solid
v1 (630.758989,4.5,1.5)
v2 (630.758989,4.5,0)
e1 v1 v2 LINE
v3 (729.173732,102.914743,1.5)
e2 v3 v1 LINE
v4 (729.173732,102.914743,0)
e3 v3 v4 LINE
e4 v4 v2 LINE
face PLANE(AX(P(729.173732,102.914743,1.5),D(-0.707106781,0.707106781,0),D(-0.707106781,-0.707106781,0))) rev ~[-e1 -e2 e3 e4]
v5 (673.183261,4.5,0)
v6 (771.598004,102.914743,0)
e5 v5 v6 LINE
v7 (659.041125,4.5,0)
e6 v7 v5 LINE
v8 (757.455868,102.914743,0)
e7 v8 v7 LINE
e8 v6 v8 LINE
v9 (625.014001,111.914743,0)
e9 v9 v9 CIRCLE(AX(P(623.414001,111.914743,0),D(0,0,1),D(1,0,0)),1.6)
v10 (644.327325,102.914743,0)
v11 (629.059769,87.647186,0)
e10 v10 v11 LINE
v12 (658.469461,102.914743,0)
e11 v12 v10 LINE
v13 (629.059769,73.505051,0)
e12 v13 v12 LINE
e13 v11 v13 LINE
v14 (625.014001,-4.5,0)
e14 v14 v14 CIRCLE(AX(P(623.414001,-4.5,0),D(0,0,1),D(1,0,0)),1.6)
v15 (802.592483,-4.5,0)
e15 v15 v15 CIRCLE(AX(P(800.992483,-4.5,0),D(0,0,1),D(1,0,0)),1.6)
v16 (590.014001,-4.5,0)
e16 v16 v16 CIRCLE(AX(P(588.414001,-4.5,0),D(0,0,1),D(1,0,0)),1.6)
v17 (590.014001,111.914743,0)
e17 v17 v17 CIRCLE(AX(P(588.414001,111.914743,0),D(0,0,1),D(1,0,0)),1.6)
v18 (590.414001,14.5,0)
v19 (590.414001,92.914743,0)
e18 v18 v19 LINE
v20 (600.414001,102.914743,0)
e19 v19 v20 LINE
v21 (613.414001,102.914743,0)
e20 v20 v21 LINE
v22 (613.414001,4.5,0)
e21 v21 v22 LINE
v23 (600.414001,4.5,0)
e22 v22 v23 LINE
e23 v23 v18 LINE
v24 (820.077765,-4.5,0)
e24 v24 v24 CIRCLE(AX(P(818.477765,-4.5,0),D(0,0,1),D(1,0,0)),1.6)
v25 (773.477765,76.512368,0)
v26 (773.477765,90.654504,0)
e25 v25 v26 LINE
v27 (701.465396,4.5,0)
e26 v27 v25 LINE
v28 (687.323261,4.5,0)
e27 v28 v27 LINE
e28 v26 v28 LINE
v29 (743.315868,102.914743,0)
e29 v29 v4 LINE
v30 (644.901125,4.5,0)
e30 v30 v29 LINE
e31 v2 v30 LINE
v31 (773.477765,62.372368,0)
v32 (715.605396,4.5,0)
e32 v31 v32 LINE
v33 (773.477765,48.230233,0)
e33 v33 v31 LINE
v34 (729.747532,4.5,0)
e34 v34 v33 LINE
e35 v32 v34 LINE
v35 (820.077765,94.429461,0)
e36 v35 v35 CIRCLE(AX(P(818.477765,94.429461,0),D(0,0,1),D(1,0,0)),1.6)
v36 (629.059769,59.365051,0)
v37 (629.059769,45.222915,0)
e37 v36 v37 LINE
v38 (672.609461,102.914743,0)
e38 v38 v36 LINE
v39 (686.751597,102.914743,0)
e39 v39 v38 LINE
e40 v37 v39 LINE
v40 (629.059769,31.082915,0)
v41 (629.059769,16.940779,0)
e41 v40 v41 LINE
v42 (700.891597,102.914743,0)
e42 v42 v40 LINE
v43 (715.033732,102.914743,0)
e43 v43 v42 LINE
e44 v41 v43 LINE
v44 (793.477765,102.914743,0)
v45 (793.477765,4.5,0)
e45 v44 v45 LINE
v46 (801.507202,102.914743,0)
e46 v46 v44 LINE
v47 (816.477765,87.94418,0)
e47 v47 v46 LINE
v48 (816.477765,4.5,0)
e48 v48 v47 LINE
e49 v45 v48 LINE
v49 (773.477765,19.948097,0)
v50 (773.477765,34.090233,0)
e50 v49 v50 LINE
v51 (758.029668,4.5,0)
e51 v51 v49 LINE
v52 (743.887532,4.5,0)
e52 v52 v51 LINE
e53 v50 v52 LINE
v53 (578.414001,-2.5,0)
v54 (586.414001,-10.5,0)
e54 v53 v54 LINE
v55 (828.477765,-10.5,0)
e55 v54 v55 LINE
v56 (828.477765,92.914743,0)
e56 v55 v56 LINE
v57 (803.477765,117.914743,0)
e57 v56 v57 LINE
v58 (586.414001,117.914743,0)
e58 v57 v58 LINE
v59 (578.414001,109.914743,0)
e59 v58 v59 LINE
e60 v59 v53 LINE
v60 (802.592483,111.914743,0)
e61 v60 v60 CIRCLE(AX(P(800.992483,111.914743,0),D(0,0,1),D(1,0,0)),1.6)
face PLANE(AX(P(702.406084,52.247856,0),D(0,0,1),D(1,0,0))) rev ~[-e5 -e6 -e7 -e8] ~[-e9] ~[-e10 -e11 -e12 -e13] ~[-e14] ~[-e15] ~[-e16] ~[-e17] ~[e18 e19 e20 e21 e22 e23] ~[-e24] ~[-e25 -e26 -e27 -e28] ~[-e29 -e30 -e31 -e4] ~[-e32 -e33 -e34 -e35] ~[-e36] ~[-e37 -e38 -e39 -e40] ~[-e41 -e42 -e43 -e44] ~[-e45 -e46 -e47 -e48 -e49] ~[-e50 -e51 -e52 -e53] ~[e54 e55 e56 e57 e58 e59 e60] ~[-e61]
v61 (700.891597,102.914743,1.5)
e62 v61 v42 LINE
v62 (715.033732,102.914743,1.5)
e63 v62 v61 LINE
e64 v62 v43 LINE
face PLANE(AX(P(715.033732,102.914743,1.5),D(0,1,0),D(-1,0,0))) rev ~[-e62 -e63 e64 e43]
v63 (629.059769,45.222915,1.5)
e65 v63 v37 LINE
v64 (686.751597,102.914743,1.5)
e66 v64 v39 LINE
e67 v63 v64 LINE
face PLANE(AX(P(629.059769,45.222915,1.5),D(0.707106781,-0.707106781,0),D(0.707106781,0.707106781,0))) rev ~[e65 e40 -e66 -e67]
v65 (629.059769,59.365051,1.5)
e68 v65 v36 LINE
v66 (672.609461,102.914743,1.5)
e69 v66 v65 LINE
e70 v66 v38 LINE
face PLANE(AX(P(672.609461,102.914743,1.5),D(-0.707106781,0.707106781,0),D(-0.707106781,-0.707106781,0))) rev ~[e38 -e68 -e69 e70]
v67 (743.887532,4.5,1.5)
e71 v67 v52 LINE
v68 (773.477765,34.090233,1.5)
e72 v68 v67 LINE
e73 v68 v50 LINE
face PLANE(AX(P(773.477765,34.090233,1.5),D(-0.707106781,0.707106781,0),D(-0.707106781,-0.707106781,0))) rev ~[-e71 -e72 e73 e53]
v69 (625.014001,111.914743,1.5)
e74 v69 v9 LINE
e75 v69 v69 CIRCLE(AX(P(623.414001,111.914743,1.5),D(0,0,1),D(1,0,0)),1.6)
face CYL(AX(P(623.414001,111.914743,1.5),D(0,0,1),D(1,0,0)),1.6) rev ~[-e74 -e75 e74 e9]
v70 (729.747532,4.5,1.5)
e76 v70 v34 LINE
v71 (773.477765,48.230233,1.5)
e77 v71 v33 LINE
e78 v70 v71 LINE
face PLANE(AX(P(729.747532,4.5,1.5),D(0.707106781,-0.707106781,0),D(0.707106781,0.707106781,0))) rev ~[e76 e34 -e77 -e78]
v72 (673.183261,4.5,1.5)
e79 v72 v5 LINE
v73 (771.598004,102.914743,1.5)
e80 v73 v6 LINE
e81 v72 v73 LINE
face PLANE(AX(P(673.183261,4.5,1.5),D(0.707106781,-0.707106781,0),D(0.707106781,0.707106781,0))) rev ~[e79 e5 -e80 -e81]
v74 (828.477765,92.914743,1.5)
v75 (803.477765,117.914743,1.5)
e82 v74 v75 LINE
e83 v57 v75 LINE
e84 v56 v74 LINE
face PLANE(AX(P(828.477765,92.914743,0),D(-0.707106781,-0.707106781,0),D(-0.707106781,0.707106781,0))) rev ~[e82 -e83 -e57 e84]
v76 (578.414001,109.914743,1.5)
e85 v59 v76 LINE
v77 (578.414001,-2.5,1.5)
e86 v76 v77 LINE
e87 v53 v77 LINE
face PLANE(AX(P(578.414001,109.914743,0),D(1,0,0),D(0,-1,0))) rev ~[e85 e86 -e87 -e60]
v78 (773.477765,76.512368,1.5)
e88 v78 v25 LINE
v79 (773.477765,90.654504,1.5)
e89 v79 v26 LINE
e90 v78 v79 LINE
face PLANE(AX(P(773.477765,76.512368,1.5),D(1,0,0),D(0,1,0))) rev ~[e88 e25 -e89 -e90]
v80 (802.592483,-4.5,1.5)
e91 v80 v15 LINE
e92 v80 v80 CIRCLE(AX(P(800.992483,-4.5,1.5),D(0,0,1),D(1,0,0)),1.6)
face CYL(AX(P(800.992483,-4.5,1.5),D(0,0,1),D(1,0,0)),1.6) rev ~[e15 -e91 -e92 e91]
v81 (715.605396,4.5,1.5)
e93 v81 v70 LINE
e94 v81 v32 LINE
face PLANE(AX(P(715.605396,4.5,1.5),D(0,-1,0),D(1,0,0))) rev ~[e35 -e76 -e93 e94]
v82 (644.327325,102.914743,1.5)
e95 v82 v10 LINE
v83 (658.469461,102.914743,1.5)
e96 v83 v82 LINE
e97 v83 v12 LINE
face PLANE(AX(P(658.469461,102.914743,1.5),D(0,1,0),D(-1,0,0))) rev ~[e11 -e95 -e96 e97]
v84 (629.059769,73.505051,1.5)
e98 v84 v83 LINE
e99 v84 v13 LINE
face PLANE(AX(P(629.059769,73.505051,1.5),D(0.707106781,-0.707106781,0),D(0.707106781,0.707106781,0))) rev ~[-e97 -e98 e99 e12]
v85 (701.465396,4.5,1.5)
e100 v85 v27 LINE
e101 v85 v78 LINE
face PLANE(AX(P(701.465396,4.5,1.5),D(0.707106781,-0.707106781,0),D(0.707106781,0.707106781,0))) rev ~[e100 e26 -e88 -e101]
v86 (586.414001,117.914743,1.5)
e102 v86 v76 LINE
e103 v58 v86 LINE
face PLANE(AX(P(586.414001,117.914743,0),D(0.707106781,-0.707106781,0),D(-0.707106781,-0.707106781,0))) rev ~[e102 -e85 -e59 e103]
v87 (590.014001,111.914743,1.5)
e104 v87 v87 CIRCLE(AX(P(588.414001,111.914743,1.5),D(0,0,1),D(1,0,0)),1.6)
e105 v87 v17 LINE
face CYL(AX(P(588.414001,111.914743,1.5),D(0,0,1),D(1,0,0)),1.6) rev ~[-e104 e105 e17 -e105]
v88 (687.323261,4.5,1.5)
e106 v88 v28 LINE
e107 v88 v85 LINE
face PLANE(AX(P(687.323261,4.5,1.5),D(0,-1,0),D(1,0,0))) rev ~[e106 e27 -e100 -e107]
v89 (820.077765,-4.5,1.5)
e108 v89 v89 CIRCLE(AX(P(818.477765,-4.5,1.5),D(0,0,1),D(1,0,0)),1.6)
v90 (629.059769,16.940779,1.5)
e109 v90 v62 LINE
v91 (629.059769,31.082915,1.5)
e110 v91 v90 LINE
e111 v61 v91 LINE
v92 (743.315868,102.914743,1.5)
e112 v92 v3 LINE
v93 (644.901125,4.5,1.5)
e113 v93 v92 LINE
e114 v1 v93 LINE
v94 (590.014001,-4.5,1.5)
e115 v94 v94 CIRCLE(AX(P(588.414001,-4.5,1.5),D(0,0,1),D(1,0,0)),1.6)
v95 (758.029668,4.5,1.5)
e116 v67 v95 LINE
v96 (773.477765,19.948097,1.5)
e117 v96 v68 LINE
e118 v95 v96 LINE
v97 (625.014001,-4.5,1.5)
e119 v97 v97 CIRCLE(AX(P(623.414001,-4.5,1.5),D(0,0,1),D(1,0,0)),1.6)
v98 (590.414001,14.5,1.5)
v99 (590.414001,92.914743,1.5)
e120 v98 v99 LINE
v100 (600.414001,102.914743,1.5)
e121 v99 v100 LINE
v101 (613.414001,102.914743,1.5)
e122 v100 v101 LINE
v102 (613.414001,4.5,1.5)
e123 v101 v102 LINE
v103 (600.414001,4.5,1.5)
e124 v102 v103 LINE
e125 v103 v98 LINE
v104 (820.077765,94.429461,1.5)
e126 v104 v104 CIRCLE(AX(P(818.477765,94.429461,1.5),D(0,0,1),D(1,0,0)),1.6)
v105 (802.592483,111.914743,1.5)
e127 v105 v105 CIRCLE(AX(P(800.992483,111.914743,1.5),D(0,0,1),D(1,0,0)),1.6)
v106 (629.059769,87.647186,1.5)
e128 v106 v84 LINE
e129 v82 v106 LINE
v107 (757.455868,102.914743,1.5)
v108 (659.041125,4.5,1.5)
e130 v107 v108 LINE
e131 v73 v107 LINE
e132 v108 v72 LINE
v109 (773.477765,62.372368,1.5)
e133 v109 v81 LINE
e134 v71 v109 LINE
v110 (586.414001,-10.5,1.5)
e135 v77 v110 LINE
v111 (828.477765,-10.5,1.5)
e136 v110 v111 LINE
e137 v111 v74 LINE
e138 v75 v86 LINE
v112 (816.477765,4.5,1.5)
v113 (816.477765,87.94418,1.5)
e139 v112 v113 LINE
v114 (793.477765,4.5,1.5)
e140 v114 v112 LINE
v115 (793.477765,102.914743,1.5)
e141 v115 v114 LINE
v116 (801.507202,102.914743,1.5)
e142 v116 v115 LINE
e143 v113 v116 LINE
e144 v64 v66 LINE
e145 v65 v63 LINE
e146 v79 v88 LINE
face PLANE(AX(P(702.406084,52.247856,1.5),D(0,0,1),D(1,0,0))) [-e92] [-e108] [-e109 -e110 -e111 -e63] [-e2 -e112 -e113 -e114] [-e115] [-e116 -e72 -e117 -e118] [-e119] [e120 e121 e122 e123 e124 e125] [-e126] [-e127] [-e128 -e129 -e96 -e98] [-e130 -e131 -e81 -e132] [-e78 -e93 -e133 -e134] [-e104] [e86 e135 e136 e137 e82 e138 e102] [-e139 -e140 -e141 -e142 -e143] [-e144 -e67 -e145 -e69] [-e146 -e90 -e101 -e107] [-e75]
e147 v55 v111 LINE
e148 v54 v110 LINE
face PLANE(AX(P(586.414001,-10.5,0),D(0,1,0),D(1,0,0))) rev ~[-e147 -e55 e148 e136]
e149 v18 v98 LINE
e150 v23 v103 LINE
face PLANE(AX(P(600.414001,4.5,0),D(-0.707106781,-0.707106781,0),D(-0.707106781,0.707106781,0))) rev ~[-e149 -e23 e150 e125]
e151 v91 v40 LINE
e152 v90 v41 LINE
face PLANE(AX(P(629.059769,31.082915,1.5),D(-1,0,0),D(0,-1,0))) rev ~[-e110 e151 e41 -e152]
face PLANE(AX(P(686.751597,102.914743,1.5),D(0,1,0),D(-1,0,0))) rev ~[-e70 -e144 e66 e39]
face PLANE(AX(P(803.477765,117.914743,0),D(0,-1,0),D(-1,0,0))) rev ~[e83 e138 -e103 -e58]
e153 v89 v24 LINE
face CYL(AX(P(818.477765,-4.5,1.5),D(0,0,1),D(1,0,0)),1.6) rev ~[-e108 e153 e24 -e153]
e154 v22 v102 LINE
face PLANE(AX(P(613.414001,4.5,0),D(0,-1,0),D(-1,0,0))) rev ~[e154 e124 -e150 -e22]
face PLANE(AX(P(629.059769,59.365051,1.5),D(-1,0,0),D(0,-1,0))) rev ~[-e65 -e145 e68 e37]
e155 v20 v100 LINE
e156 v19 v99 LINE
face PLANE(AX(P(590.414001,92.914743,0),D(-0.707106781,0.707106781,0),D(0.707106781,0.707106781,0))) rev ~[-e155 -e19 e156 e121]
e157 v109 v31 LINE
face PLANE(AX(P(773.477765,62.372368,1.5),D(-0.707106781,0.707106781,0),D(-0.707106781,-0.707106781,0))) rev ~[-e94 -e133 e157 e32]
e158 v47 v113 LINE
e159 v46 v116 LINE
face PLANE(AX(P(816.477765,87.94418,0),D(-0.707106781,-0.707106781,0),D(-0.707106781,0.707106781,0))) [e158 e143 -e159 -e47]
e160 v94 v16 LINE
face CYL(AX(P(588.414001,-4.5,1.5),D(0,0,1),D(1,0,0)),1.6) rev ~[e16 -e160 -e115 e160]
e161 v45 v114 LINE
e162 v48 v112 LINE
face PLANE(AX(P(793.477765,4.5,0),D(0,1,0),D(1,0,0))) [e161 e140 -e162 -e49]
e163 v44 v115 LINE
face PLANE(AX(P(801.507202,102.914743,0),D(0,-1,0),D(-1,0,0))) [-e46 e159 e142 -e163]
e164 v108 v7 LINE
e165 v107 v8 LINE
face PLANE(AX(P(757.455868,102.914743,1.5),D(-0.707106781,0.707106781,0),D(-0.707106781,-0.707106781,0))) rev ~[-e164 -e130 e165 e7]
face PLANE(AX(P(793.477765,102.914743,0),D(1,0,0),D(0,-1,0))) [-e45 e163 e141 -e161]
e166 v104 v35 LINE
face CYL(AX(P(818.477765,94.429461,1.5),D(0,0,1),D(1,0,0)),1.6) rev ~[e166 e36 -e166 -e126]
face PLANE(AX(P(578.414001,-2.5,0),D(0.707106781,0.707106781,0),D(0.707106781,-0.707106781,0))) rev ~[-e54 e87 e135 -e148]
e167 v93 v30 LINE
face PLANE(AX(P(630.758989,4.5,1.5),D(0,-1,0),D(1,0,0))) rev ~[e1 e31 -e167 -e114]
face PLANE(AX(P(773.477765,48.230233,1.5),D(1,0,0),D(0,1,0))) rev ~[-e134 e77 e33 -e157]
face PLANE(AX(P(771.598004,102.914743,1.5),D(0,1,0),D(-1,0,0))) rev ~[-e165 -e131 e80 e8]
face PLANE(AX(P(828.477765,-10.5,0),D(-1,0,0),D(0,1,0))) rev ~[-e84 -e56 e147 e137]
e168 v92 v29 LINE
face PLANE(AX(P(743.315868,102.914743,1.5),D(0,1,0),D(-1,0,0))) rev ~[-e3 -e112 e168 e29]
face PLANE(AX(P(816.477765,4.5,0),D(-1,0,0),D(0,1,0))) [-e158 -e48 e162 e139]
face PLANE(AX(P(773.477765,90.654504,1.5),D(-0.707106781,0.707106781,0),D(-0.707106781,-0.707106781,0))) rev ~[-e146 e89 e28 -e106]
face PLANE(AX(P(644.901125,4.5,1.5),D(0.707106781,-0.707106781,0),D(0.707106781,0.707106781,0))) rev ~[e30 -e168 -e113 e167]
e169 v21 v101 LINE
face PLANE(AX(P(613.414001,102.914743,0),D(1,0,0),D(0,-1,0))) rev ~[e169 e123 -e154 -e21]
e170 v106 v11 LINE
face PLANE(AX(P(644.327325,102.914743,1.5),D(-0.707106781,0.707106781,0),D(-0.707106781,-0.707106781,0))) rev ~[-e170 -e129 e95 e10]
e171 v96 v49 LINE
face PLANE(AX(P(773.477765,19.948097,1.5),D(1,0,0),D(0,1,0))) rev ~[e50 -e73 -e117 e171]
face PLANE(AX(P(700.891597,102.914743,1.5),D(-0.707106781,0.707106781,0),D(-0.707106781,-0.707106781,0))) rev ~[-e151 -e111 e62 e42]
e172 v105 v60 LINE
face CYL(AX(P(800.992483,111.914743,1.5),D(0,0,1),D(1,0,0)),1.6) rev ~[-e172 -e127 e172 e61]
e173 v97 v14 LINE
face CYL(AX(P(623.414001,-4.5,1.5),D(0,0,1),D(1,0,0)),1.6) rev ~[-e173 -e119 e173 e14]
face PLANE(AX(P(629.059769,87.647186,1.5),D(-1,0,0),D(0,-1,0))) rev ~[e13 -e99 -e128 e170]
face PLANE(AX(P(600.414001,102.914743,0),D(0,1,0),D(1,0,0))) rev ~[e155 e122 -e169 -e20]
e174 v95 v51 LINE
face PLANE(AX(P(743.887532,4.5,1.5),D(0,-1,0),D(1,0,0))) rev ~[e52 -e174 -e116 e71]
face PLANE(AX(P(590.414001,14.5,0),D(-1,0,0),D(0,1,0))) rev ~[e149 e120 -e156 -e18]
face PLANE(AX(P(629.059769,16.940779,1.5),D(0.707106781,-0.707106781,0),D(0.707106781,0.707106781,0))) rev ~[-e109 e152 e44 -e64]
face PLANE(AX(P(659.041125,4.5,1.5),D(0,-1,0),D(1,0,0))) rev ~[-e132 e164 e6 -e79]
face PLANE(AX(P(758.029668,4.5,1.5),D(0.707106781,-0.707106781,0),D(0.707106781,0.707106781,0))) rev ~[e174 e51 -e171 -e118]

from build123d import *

# Parameters (mm, degrees)
BOSS_EXTRUDE1_DEPTH = 1.5
SKETCH5_R           = 1.6
CUT_EXTRUDE2_DEPTH  = 3.5
CUT_EXTRUDE4_DEPTH  = 10


with BuildPart() as part:
    # Sketch2 → Boss-Extrude1 (new body)
    with BuildSketch(Plane.XY):
        Polygon((803.47776474, 117.914742868), (586.414001465, 117.914742868), (578.414001465, 109.914742868), (578.414001465, -2.5), (586.414001465, -10.5), (828.47776474, -10.5), (828.47776474, 92.914742868), align=None)
        Polygon((613.414001465, 102.914742868), (613.414001465, 4.5), (600.414001465, 4.5), (590.414001465, 14.5), (590.414001465, 92.914742868), (600.414001465, 102.914742868), align=None, mode=Mode.SUBTRACT)
        Polygon((793.47776474, 4.5), (816.47776474, 4.5), (816.47776474, 87.94418012), (801.507201992, 102.914742868), (793.47776474, 102.914742868), align=None, mode=Mode.SUBTRACT)
    extrude(amount=BOSS_EXTRUDE1_DEPTH)

    # Sketch5 → Cut-Extrude2 (cut)
    with BuildSketch(Plane.XY.offset(1.5)):
        with Locations((588.414001465, 111.914742868)):
            Circle(SKETCH5_R)
        with Locations((588.414001465, -4.5)):
            Circle(SKETCH5_R)
        with Locations((818.47776474, -4.5)):
            Circle(SKETCH5_R)
        with Locations((623.414001465, 111.914742868)):
            Circle(SKETCH5_R)
        with Locations((623.414001465, -4.5)):
            Circle(SKETCH5_R)
        with Locations((800.992483366, 111.914742868)):
            Circle(SKETCH5_R)
        with Locations((818.47776474, 94.429461494)):
            Circle(SKETCH5_R)
        with Locations((800.992483366, -4.5)):
            Circle(SKETCH5_R)
    extrude(amount=-CUT_EXTRUDE2_DEPTH, mode=Mode.SUBTRACT)

    # Sketch6 → Cut-Extrude4 (cut)
    with BuildSketch(Plane.XY.offset(1.5)):
        Polygon((658.469461081, 102.914742868), (644.327325457, 102.914742868), (629.059768774, 87.647186185), (629.059768774, 73.505050562), align=None)
        Polygon((686.751596705, 102.914742868), (672.609461081, 102.914742868), (629.059768774, 59.365050562), (629.059768774, 45.222914938), align=None)
        Polygon((715.033732329, 102.914742868), (700.891596705, 102.914742868), (629.059768774, 31.082914938), (629.059768774, 16.940779314), align=None)
        Polygon((743.315867952, 102.914742868), (729.173732329, 102.914742868), (630.75898946, 4.5), (644.901125084, 4.5), align=None)
        Polygon((771.598003576, 102.914742868), (757.455867952, 102.914742868), (659.041125084, 4.5), (673.183260708, 4.5), align=None)
        Polygon((773.47776474, 76.512368409), (773.47776474, 90.654504032), (687.323260708, 4.5), (701.465396331, 4.5), align=None)
        Polygon((773.47776474, 48.230232785), (773.47776474, 62.372368409), (715.605396331, 4.5), (729.747531955, 4.5), align=None)
        Polygon((773.47776474, 19.948097161), (773.47776474, 34.090232785), (743.887531955, 4.5), (758.029667579, 4.5), align=None)
    extrude(amount=-CUT_EXTRUDE4_DEPTH, mode=Mode.SUBTRACT)


solid = part.part
